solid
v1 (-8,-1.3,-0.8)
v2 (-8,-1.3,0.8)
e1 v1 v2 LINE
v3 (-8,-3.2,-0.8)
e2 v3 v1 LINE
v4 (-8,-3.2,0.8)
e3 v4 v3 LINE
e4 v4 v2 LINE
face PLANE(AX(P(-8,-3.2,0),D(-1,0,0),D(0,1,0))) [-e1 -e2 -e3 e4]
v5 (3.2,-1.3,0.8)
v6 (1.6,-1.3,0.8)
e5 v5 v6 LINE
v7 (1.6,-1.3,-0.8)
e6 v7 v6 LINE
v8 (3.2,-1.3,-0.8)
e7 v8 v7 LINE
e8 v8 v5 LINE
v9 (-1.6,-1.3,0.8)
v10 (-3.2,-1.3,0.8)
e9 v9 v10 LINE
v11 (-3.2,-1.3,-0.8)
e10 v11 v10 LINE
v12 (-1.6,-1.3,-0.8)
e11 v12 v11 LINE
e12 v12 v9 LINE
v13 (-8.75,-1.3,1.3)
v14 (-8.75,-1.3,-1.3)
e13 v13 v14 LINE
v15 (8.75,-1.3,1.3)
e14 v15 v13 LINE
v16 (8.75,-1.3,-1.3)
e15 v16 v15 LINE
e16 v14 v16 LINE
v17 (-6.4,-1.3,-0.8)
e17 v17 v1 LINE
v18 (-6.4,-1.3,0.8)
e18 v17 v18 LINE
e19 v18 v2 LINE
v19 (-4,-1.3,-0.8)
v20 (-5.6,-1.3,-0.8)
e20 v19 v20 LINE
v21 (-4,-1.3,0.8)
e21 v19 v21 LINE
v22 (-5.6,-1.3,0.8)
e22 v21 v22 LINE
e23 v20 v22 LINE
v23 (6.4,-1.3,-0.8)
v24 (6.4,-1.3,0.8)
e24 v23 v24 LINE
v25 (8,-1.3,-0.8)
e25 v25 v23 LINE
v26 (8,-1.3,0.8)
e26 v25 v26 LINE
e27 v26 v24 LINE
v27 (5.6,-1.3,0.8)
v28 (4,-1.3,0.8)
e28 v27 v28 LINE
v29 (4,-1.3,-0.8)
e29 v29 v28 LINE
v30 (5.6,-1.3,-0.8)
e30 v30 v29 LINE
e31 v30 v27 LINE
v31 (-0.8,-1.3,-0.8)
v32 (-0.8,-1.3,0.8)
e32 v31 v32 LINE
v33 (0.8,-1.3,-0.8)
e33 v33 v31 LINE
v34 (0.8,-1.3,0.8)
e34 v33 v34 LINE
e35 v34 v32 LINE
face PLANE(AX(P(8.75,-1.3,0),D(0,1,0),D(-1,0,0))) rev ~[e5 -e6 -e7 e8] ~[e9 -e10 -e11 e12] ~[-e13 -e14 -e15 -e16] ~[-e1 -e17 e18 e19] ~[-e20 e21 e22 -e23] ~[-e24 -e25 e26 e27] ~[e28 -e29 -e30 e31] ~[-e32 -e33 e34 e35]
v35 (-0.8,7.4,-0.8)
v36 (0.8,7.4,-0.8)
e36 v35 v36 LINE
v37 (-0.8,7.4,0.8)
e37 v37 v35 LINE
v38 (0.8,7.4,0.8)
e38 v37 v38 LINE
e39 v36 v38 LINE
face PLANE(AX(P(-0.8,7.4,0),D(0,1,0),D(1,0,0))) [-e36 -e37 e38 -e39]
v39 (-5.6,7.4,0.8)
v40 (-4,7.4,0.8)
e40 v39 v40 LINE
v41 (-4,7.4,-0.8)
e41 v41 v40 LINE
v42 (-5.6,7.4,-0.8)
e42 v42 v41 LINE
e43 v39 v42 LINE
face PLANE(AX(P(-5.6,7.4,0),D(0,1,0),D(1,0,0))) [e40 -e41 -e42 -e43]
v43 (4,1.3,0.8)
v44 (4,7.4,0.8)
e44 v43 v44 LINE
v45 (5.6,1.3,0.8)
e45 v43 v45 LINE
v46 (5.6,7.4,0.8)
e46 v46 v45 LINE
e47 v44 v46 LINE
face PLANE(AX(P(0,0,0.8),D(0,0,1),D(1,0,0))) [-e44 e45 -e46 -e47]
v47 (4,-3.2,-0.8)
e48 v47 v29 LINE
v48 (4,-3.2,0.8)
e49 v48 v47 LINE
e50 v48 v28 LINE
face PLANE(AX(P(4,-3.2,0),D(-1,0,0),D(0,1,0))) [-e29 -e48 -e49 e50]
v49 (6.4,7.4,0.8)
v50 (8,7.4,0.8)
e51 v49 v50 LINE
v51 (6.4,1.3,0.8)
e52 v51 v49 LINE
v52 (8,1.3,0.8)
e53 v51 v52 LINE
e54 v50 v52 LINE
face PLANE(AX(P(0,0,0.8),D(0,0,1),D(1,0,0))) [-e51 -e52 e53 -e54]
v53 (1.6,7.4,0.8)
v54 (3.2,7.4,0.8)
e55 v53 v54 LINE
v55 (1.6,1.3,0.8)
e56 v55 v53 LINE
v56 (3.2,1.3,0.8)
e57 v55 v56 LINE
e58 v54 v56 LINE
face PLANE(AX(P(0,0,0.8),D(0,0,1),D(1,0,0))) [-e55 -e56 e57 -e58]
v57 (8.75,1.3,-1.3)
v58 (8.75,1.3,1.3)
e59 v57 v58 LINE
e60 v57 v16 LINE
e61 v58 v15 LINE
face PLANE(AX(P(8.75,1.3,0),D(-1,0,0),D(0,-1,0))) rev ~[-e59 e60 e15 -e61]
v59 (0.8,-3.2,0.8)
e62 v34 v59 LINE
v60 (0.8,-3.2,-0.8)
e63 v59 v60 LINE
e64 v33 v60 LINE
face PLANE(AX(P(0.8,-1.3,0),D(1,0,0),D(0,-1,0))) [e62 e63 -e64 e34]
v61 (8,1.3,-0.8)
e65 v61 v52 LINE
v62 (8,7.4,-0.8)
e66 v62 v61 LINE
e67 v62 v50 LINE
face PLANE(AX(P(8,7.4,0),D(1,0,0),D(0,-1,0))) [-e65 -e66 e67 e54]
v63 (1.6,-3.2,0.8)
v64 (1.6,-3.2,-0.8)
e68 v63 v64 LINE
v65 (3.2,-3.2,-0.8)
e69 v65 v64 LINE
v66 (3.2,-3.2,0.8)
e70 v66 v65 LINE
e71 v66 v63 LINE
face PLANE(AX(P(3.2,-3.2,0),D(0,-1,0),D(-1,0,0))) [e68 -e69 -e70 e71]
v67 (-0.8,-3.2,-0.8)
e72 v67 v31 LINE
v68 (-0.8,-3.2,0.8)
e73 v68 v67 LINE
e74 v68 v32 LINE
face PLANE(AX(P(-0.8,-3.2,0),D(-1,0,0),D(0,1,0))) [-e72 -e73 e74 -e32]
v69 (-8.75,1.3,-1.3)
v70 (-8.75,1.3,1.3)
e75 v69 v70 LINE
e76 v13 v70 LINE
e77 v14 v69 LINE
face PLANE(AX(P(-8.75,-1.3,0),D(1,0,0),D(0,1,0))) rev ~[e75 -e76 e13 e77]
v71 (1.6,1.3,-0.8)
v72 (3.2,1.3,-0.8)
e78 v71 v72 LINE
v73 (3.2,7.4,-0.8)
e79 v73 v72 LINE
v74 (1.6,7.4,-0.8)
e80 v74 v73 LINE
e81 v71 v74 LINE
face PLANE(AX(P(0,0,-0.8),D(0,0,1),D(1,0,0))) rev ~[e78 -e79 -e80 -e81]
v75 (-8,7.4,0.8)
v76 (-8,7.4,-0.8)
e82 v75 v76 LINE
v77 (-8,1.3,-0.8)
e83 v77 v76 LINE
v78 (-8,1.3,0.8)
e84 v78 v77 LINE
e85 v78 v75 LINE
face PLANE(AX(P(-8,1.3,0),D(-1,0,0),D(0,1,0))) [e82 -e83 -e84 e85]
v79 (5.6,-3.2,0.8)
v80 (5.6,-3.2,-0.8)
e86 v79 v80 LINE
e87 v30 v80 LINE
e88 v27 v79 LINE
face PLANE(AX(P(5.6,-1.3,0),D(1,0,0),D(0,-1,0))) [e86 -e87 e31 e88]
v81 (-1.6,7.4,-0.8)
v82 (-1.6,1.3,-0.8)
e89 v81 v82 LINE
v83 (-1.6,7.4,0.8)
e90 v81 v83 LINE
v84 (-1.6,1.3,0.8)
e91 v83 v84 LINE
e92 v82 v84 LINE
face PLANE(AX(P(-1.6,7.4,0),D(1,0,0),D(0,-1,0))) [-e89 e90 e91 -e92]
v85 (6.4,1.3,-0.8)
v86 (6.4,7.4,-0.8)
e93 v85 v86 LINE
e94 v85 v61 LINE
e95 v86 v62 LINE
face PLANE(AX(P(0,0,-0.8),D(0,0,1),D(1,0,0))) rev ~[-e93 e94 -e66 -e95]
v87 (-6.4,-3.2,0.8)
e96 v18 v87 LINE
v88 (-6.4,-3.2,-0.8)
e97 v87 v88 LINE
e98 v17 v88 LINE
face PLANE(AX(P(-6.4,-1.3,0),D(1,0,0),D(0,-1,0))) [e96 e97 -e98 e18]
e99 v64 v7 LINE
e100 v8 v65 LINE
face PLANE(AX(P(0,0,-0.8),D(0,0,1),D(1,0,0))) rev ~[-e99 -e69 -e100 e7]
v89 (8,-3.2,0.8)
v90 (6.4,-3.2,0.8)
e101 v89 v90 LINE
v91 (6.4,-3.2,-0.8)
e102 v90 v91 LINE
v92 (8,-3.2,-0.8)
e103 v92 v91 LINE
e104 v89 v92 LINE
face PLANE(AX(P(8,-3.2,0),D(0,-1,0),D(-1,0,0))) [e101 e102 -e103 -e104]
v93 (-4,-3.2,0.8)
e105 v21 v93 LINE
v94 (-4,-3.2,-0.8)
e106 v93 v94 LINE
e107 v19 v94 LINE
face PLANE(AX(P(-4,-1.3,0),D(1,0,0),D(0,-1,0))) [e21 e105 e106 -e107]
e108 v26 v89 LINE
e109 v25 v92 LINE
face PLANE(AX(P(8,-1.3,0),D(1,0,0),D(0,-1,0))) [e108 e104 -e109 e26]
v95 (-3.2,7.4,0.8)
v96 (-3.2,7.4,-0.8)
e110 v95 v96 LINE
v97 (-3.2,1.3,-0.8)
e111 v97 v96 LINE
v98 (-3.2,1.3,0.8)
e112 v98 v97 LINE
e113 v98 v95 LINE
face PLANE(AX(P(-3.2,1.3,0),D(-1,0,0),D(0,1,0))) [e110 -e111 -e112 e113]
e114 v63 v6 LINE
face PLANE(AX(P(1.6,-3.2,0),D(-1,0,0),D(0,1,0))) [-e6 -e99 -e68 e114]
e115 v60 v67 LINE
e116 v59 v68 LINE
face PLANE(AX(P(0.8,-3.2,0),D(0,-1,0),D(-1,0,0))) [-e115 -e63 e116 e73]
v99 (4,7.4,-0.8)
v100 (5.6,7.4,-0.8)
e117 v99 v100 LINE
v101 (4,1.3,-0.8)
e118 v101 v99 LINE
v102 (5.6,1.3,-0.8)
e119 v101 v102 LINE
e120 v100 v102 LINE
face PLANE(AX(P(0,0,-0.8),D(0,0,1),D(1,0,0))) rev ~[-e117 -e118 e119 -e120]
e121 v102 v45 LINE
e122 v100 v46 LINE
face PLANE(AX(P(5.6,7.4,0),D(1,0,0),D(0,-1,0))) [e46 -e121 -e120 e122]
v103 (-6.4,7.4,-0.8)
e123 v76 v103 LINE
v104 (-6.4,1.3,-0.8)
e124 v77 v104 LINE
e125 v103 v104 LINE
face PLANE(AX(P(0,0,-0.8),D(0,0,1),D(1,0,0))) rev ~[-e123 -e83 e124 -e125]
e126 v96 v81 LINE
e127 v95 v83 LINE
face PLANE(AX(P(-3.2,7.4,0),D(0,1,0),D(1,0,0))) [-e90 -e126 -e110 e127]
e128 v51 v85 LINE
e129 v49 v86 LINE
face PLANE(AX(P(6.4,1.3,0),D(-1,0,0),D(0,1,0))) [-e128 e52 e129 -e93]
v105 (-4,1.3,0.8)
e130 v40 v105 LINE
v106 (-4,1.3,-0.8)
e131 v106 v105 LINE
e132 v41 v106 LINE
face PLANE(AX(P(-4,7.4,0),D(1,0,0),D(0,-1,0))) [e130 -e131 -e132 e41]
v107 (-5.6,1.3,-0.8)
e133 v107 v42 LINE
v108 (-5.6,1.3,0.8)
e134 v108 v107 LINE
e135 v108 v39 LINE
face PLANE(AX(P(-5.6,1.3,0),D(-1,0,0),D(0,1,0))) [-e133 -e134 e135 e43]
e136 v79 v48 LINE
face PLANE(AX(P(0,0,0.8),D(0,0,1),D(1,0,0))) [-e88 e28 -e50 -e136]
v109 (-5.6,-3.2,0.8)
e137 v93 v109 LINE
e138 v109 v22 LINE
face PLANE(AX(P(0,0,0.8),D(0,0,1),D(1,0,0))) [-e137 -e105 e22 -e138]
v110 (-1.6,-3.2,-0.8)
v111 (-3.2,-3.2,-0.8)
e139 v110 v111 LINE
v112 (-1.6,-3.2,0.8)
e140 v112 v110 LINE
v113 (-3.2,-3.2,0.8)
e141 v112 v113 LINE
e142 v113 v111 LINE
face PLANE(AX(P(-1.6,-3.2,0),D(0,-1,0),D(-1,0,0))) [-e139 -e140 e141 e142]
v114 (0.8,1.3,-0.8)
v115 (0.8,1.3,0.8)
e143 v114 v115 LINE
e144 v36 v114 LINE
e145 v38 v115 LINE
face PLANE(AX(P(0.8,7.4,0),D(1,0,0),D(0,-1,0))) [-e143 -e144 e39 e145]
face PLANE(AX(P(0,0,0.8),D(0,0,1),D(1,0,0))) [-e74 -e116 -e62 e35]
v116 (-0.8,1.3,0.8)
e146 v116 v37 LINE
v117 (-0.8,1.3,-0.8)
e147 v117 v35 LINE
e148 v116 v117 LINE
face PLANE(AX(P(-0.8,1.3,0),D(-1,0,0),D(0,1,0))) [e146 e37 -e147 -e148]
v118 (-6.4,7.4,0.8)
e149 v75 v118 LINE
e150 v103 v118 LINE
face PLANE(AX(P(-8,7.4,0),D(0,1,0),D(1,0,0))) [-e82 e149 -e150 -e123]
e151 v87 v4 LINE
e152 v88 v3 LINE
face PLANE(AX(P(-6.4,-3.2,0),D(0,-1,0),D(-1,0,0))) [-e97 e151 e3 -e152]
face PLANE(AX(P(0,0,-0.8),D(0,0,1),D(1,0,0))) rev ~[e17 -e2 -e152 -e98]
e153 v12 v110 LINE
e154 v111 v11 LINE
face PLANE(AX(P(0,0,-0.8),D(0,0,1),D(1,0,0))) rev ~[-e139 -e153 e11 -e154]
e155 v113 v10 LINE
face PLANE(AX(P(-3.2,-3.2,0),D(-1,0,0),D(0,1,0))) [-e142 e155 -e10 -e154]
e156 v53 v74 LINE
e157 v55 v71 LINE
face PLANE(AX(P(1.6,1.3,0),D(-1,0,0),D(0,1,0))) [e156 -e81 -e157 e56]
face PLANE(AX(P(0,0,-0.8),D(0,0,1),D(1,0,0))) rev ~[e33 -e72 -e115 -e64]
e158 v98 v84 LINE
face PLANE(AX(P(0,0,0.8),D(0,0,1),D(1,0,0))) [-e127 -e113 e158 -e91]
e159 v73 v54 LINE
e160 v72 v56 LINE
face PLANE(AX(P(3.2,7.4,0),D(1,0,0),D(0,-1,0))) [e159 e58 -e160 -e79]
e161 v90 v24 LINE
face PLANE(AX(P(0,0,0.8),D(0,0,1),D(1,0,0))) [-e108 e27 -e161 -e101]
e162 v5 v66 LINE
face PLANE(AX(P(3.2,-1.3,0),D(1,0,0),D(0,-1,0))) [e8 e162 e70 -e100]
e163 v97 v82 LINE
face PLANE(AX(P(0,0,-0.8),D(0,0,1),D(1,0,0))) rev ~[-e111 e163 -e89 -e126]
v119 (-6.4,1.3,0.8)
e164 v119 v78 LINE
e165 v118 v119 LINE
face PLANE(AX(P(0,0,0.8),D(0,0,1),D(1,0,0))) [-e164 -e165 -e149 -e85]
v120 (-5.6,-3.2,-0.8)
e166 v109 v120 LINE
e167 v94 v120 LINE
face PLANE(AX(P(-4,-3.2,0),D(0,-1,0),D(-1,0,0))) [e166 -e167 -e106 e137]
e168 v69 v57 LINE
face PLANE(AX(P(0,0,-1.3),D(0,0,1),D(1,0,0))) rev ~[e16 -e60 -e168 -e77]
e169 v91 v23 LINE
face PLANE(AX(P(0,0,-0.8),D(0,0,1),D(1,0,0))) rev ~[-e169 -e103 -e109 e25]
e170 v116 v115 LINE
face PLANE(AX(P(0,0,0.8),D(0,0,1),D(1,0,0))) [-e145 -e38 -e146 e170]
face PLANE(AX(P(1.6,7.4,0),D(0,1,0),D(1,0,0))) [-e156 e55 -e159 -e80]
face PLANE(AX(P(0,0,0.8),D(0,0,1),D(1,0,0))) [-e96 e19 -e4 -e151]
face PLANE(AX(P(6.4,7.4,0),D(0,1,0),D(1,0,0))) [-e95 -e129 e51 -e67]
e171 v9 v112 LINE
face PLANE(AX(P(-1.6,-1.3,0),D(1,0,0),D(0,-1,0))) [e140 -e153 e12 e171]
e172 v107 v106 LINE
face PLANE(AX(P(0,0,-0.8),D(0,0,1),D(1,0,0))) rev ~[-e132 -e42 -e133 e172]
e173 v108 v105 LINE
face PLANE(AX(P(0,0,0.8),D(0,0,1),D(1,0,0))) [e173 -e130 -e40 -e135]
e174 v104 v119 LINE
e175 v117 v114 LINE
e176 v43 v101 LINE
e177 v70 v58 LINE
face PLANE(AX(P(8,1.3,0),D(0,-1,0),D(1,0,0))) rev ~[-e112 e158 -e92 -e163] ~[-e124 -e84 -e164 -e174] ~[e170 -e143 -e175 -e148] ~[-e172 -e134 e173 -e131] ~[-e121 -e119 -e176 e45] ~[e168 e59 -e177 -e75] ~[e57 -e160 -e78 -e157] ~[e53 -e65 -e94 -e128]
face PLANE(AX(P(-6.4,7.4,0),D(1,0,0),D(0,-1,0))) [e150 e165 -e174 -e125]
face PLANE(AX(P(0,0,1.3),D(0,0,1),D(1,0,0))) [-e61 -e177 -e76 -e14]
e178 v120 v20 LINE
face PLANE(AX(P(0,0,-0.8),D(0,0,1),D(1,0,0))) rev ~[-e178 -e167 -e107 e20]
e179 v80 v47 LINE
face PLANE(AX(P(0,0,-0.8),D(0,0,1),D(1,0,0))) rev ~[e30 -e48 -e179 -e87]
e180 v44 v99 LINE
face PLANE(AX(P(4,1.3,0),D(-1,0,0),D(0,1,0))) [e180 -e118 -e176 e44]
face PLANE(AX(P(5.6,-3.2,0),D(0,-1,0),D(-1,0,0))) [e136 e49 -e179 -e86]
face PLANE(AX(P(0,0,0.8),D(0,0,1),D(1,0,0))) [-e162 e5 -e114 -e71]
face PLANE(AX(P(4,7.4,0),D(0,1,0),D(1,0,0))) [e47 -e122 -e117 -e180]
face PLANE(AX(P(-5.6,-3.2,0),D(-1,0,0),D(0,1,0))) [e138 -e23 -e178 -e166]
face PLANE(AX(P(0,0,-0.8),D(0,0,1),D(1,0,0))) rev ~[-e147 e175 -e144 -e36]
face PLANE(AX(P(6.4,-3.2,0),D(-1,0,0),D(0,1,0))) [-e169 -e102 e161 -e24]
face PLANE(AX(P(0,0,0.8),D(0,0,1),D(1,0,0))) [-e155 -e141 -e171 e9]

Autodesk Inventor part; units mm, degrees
ref_plane "YZ Plane" through (0, 0, 0) normal (1, 0, 0) x (0, 1, 0)
ref_plane "XZ Plane" through (0, 0, 0) normal (0, 1, 0) x (-1, 0, 0)
ref_plane "XY Plane" through (0, 0, 0) normal (0, 0, 1) x (1, 0, 0)
sketch "Эскиз1" plane through (0, 0, 0) normal (0, 0, 1) x (1, 0, 0)
  line L0 (8.75, -1.3) -> (-8.75, -1.3)
  line L1 (-8.75, -1.3) -> (-8.75, 1.3)
  line L2 (-8.75, 1.3) -> (8.75, 1.3)
  line L3 (8.75, 1.3) -> (8.75, -1.3)
  line L4 (8.75, -1.3) -> (-8.75, 1.3) construction
  line L5 (-8.75, -1.3) -> (8.75, 1.3) construction
  line L6 (-8, 7.4) -> (-6.4, 7.4)
  line L7 (-6.4, 7.4) -> (-6.4, 1.3)
  line L8 (-6.4, 1.3) -> (-8, 1.3)
  line L9 (-8, 1.3) -> (-8, 7.4)
  line L10 (-8, 1.3) -> (-7.2, 1.3)
  line L11 (-6.4, -3.2) -> (-8, -3.2)
  line L12 (-6.4, -1.3) -> (-6.4, -3.2)
  line L13 (-8, -3.2) -> (-8, -1.3)
  line L14 (-4, 7.4) -> (-4, 1.3)
  line L15 (-5.6, 1.3) -> (-5.6, 7.4)
  line L16 (-5.6, 7.4) -> (-4, 7.4)
  line L17 (-5.6, -3.2) -> (-5.6, -1.3)
  line L18 (-4, -1.3) -> (-4, -3.2)
  line L19 (-4, -3.2) -> (-5.6, -3.2)
  line L20 (-1.6, 7.4) -> (-1.6, 1.3)
  line L21 (-3.2, 1.3) -> (-3.2, 7.4)
  line L22 (-3.2, 7.4) -> (-1.6, 7.4)
  line L23 (-3.2, -3.2) -> (-3.2, -1.3)
  line L24 (-1.6, -1.3) -> (-1.6, -3.2)
  line L25 (-1.6, -3.2) -> (-3.2, -3.2)
  line L26 (0.8, 7.4) -> (0.8, 1.3)
  line L27 (-0.8, 1.3) -> (-0.8, 7.4)
  line L28 (-0.8, 7.4) -> (0.8, 7.4)
  line L29 (-0.8, -3.2) -> (-0.8, -1.3)
  line L30 (0.8, -1.3) -> (0.8, -3.2)
  line L31 (0.8, -3.2) -> (-0.8, -3.2)
  line L32 (3.2, 7.4) -> (3.2, 1.3)
  line L33 (1.6, 1.3) -> (1.6, 7.4)
  line L34 (1.6, 7.4) -> (3.2, 7.4)
  line L35 (1.6, -3.2) -> (1.6, -1.3)
  line L36 (3.2, -1.3) -> (3.2, -3.2)
  line L37 (3.2, -3.2) -> (1.6, -3.2)
  line L38 (5.6, 7.4) -> (5.6, 1.3)
  line L39 (4, 1.3) -> (4, 7.4)
  line L40 (4, 7.4) -> (5.6, 7.4)
  line L41 (4, -3.2) -> (4, -1.3)
  line L42 (5.6, -1.3) -> (5.6, -3.2)
  line L43 (5.6, -3.2) -> (4, -3.2)
  line L44 (8, 7.4) -> (8, 1.3)
  line L45 (6.4, 1.3) -> (6.4, 7.4)
  line L46 (6.4, 7.4) -> (8, 7.4)
  line L47 (6.4, -3.2) -> (6.4, -1.3)
  line L48 (8, -1.3) -> (8, -3.2)
  line L49 (8, -3.2) -> (6.4, -3.2)
  point P0 (0, 0)
  point P1 (8, -1.3)
  point P2 (6.4, -1.3)
  point P3 (5.6, -1.3)
  point P4 (4, -1.3)
  point P5 (3.2, -1.3)
  point P6 (1.6, -1.3)
  point P7 (0.8, -1.3)
  point P8 (-0.8, -1.3)
  point P9 (-1.6, -1.3)
  point P10 (-3.2, -1.3)
  point P11 (-4, -1.3)
  point P12 (-5.6, -1.3)
  point P13 (-5.6, 1.3)
  point P14 (-4, 1.3)
  point P15 (-3.2, 1.3)
  point P16 (-1.6, 1.3)
  point P17 (-0.8, 1.3)
  point P18 (0.8, 1.3)
  point P19 (6.4, 1.3)
  point P20 (8, 1.3)
  point P21 (1.6, 1.3)
  point P22 (3.2, 1.3)
  point P23 (4, 1.3)
  point P24 (5.6, 1.3)
  point P25 (-6.4, 1.3)
  dimension "d0" = 17.5
  dimension "d1" = 2.6
  dimension "d3" = 8.7
  dimension "d7" = 4.5
  dimension "d8" = 0.75
  dimension "d9" = 1.6
  dimension "d12" = 2.4
extrude "Выдавливание1" add sketch "Эскиз1" against normal mid plane 2.6 contours L0 L1 L2 L3
extrude "Выдавливание2" add sketch "Эскиз1" along normal mid plane 1.6 contours L48 L49 L47 L0 | L2 L45 L46 L44 | L42 L43 L41 L0 | L2 L39 L40 L38 | L36 L37 L35 L0 | L2 L33 L34 L32 | L30 L31 L29 L0 | L2 L27 L28 L26 | L24 L25 L23 L0 | L2 L21 L22 L20 | L18 L19 L17 L0 | L2 L15 L16 L14 | L12 L11 L13 L0 | L2 L9 L6 L7
properties part number "ЛЦМК.00002.00.00.00.00.01"
